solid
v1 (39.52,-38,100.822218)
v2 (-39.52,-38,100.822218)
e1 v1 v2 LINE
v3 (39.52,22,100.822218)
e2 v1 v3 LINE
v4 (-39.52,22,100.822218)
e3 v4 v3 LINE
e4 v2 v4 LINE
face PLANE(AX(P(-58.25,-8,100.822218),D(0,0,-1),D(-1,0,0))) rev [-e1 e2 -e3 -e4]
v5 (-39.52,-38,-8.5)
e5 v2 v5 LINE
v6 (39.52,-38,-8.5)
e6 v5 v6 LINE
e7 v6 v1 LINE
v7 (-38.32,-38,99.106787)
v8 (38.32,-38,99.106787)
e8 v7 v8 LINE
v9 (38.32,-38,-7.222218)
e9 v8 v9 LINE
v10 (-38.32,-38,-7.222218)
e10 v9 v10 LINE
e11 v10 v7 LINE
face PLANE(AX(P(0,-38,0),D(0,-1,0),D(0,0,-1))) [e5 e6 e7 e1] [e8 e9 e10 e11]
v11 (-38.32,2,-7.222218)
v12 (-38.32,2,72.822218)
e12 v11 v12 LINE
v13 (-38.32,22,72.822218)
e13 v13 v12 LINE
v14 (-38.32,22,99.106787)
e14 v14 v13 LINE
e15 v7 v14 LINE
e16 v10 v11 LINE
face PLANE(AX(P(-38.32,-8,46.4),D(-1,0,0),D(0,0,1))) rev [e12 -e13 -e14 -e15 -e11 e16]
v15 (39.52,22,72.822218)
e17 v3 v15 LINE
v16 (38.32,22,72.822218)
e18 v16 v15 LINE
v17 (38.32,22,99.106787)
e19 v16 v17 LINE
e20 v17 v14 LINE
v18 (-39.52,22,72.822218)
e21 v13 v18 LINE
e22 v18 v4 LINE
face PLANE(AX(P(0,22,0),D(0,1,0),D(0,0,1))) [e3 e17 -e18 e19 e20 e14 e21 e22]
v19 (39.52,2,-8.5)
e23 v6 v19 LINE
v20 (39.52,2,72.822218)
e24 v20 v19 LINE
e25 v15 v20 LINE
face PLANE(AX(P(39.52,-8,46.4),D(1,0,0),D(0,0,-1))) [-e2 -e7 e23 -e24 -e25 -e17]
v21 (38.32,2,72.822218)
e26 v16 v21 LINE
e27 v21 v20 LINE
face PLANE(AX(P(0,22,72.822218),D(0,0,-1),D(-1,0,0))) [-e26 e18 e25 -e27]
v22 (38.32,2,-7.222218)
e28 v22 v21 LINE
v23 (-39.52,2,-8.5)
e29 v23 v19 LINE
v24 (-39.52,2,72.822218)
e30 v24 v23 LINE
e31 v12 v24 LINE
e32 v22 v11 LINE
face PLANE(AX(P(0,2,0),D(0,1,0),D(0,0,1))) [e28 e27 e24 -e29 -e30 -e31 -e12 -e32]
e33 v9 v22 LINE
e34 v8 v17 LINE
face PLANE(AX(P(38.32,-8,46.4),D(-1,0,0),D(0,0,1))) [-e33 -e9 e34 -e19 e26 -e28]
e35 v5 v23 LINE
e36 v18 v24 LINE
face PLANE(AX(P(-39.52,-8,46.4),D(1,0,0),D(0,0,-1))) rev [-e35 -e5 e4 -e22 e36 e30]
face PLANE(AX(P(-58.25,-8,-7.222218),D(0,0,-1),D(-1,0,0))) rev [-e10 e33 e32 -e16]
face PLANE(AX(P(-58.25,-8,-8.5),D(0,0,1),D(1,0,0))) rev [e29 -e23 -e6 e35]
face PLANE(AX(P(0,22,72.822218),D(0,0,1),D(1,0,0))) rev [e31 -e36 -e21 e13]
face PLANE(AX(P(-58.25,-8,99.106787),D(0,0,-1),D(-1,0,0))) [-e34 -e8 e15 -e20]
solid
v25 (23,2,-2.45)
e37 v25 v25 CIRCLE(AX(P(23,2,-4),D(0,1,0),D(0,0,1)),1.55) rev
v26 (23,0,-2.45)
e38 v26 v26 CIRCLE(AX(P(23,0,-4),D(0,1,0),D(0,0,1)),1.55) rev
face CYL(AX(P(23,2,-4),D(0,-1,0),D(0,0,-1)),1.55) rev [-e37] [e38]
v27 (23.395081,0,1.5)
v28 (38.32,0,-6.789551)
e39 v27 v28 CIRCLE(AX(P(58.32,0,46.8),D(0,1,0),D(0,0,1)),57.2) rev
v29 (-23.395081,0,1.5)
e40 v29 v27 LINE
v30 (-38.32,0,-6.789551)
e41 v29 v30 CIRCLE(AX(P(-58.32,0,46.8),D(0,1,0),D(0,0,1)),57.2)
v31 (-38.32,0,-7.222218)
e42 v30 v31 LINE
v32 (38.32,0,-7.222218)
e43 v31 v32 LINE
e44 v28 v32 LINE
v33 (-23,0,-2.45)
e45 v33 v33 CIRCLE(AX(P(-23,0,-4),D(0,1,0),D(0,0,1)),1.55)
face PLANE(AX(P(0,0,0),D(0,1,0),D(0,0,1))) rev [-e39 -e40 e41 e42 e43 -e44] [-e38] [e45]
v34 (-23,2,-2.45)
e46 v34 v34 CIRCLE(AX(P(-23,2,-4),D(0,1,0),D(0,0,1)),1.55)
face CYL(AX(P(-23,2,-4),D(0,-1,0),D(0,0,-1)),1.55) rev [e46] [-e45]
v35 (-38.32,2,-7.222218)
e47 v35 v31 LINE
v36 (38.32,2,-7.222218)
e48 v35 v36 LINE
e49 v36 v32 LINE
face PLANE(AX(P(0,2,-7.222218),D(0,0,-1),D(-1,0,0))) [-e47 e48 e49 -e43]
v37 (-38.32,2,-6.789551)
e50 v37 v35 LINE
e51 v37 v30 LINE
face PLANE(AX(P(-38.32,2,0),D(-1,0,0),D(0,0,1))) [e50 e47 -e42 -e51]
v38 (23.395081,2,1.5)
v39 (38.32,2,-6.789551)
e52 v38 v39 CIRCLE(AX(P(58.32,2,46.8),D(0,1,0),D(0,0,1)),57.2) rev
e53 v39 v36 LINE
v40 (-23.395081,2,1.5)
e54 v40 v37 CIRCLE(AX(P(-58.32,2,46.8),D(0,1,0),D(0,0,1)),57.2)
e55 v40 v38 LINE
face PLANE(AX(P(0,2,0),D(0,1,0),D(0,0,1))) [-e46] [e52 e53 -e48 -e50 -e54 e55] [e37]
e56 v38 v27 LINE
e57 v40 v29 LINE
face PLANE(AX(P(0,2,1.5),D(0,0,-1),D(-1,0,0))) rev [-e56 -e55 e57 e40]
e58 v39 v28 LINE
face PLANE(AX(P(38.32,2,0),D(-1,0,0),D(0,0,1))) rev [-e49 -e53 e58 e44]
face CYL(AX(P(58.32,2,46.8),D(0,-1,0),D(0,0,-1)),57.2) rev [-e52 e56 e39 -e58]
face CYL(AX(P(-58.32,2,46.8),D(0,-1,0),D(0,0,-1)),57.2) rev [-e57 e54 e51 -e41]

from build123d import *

# Parameters (mm, degrees)
SKETCH1_R           = 1.55
BOSS_EXTRUDE1_DEPTH = 2
BOSS_EXTRUDE2_START = 2
SKETCH1_5_W         = 10.82
SKETCH1_5_H         = 1.277782348
SKETCH1_5_W_2       = 55
SKETCH1_5_W_3       = 1.2
BOSS_EXTRUDE2_DEPTH = 10
BOSS_EXTRUDE3_START = -30
BOSS_EXTRUDE3_DEPTH = 20
SKETCH4_W           = 79.04
SKETCH4_H           = 109.322217652
SKETCH4_W_2         = 76.64
SKETCH4_H_2         = 106.329004974
BOSS_EXTRUDE4_DEPTH = 30


with BuildPart() as part:
    # Sketch1 → Boss-Extrude1 (new body)
    with BuildSketch(Plane(origin=(0, 0, 0), x_dir=(1, 0, 0), z_dir=(0, 1, 0))):
        with BuildLine():
            ThreePointArc((-38.32, 6.78955122), (-30.546525972, 3.20474118), (-23.39508053, -1.5))
            Line((-23.39508053, -1.5), (23.39508053, -1.5))
            ThreePointArc((23.39508053, -1.5), (30.546525972, 3.20474118), (38.32, 6.78955122))
            Line((38.32, 6.78955122), (38.32, 7.222217652))
            Line((38.32, 7.222217652), (-38.32, 7.222217652))
            Line((-38.32, 7.222217652), (-38.32, 6.78955122))
        make_face()
        with Locations((23, 4)):
            Circle(SKETCH1_R, mode=Mode.SUBTRACT)
        with Locations((-23, 4)):
            Circle(SKETCH1_R, mode=Mode.SUBTRACT)
    extrude(amount=BOSS_EXTRUDE1_DEPTH)


with BuildPart() as body_2:
    # Sketch1<5> → Boss-Extrude2 (new body)
    with BuildSketch(Plane(origin=(0, 0, 0), x_dir=(1, 0, 0), z_dir=(0, 1, 0)).offset(BOSS_EXTRUDE2_START)):
        with BuildLine():
            Line((35.171781926, -99.106787322), (-35.171781926, -99.106787322))
            ThreePointArc((-35.171781926, -99.106787322), (-37.328360588, -100.008937922), (-39.52, -100.822217652))
            Line((-39.52, -100.822217652), (39.52, -100.822217652))
            ThreePointArc((39.52, -100.822217652), (37.328360588, -100.008937922), (35.171781926, -99.106787322))
        make_face()
        with BuildLine():
            Line((-38.32, -99.106787322), (-38.32, 5.506787322))
            Line((-38.32, 5.506787322), (-38.32, 6.78955122))
            ThreePointArc((-38.32, 6.78955122), (-38.91879385, 7.009229691), (-39.52, 7.222217652))
            Line((-39.52, 7.222217652), (-39.52, -100.822217652))
            ThreePointArc((-39.52, -100.822217652), (-37.328360588, -100.008937922), (-35.171781926, -99.106787322))
            Line((-35.171781926, -99.106787322), (-38.32, -99.106787322))
        make_face()
        with BuildLine():
            Line((38.32, -99.106787322), (35.171781926, -99.106787322))
            ThreePointArc((35.171781926, -99.106787322), (37.328360588, -100.008937922), (39.52, -100.822217652))
            Line((39.52, -100.822217652), (39.52, 5.506787322))
            Line((39.52, 5.506787322), (38.32, 5.506787322))
            Line((38.32, 5.506787322), (38.32, -99.106787322))
        make_face()
        with Locations((-32.91, 7.861108826)):
            Rectangle(SKETCH1_5_W, SKETCH1_5_H)
        with Locations((0, 7.861108826)):
            Rectangle(SKETCH1_5_W_2, SKETCH1_5_H)
        with Locations((-38.92, 7.861108826)):
            Rectangle(SKETCH1_5_W_3, SKETCH1_5_H)
        with Locations((32.91, 7.861108826)):
            Rectangle(SKETCH1_5_W, SKETCH1_5_H)
        with Locations((38.92, 7.861108826)):
            Rectangle(SKETCH1_5_W_3, SKETCH1_5_H)
        with BuildLine():
            ThreePointArc((39.52, 7.222217652), (38.91879385, 7.009229691), (38.32, 6.78955122))
            Line((38.32, 6.78955122), (38.32, 5.506787322))
            Line((38.32, 5.506787322), (39.52, 5.506787322))
            Line((39.52, 5.506787322), (39.52, 7.222217652))
        make_face()
        with BuildLine():
            Line((39.52, 7.222217652), (38.32, 7.222217652))
            Line((38.32, 7.222217652), (38.32, 6.78955122))
            ThreePointArc((38.32, 6.78955122), (38.91879385, 7.009229691), (39.52, 7.222217652))
        make_face()
        with BuildLine():
            ThreePointArc((-39.52, 7.222217652), (-38.91879385, 7.009229691), (-38.32, 6.78955122))
            Line((-38.32, 6.78955122), (-38.32, 7.222217652))
            Line((-38.32, 7.222217652), (-39.52, 7.222217652))
        make_face()
    extrude(amount=-BOSS_EXTRUDE2_DEPTH)

    # Sketch3 → Boss-Extrude3 (add)
    with BuildSketch(Plane.XZ.offset(8).offset(BOSS_EXTRUDE3_START)):
        Polygon((-39.52, 100.822217652), (-39.52, 72.822217652), (-38.32, 72.822217652), (-38.32, 99.106787322), (38.32, 99.106787322), (38.32, 72.822217652), (39.52, 72.822217652), (39.52, 100.822217652), align=None)
    extrude(amount=BOSS_EXTRUDE3_DEPTH)

    # Sketch4 → Boss-Extrude4 (add)
    with BuildSketch(Plane.XZ.offset(8)):
        with Locations((0, 46.161108826)):
            Rectangle(SKETCH4_W, SKETCH4_H)
        with Locations((0, 45.942284835)):
            Rectangle(SKETCH4_W_2, SKETCH4_H_2, mode=Mode.SUBTRACT)
    extrude(amount=BOSS_EXTRUDE4_DEPTH)


solid = Compound([part.part, body_2.part])
